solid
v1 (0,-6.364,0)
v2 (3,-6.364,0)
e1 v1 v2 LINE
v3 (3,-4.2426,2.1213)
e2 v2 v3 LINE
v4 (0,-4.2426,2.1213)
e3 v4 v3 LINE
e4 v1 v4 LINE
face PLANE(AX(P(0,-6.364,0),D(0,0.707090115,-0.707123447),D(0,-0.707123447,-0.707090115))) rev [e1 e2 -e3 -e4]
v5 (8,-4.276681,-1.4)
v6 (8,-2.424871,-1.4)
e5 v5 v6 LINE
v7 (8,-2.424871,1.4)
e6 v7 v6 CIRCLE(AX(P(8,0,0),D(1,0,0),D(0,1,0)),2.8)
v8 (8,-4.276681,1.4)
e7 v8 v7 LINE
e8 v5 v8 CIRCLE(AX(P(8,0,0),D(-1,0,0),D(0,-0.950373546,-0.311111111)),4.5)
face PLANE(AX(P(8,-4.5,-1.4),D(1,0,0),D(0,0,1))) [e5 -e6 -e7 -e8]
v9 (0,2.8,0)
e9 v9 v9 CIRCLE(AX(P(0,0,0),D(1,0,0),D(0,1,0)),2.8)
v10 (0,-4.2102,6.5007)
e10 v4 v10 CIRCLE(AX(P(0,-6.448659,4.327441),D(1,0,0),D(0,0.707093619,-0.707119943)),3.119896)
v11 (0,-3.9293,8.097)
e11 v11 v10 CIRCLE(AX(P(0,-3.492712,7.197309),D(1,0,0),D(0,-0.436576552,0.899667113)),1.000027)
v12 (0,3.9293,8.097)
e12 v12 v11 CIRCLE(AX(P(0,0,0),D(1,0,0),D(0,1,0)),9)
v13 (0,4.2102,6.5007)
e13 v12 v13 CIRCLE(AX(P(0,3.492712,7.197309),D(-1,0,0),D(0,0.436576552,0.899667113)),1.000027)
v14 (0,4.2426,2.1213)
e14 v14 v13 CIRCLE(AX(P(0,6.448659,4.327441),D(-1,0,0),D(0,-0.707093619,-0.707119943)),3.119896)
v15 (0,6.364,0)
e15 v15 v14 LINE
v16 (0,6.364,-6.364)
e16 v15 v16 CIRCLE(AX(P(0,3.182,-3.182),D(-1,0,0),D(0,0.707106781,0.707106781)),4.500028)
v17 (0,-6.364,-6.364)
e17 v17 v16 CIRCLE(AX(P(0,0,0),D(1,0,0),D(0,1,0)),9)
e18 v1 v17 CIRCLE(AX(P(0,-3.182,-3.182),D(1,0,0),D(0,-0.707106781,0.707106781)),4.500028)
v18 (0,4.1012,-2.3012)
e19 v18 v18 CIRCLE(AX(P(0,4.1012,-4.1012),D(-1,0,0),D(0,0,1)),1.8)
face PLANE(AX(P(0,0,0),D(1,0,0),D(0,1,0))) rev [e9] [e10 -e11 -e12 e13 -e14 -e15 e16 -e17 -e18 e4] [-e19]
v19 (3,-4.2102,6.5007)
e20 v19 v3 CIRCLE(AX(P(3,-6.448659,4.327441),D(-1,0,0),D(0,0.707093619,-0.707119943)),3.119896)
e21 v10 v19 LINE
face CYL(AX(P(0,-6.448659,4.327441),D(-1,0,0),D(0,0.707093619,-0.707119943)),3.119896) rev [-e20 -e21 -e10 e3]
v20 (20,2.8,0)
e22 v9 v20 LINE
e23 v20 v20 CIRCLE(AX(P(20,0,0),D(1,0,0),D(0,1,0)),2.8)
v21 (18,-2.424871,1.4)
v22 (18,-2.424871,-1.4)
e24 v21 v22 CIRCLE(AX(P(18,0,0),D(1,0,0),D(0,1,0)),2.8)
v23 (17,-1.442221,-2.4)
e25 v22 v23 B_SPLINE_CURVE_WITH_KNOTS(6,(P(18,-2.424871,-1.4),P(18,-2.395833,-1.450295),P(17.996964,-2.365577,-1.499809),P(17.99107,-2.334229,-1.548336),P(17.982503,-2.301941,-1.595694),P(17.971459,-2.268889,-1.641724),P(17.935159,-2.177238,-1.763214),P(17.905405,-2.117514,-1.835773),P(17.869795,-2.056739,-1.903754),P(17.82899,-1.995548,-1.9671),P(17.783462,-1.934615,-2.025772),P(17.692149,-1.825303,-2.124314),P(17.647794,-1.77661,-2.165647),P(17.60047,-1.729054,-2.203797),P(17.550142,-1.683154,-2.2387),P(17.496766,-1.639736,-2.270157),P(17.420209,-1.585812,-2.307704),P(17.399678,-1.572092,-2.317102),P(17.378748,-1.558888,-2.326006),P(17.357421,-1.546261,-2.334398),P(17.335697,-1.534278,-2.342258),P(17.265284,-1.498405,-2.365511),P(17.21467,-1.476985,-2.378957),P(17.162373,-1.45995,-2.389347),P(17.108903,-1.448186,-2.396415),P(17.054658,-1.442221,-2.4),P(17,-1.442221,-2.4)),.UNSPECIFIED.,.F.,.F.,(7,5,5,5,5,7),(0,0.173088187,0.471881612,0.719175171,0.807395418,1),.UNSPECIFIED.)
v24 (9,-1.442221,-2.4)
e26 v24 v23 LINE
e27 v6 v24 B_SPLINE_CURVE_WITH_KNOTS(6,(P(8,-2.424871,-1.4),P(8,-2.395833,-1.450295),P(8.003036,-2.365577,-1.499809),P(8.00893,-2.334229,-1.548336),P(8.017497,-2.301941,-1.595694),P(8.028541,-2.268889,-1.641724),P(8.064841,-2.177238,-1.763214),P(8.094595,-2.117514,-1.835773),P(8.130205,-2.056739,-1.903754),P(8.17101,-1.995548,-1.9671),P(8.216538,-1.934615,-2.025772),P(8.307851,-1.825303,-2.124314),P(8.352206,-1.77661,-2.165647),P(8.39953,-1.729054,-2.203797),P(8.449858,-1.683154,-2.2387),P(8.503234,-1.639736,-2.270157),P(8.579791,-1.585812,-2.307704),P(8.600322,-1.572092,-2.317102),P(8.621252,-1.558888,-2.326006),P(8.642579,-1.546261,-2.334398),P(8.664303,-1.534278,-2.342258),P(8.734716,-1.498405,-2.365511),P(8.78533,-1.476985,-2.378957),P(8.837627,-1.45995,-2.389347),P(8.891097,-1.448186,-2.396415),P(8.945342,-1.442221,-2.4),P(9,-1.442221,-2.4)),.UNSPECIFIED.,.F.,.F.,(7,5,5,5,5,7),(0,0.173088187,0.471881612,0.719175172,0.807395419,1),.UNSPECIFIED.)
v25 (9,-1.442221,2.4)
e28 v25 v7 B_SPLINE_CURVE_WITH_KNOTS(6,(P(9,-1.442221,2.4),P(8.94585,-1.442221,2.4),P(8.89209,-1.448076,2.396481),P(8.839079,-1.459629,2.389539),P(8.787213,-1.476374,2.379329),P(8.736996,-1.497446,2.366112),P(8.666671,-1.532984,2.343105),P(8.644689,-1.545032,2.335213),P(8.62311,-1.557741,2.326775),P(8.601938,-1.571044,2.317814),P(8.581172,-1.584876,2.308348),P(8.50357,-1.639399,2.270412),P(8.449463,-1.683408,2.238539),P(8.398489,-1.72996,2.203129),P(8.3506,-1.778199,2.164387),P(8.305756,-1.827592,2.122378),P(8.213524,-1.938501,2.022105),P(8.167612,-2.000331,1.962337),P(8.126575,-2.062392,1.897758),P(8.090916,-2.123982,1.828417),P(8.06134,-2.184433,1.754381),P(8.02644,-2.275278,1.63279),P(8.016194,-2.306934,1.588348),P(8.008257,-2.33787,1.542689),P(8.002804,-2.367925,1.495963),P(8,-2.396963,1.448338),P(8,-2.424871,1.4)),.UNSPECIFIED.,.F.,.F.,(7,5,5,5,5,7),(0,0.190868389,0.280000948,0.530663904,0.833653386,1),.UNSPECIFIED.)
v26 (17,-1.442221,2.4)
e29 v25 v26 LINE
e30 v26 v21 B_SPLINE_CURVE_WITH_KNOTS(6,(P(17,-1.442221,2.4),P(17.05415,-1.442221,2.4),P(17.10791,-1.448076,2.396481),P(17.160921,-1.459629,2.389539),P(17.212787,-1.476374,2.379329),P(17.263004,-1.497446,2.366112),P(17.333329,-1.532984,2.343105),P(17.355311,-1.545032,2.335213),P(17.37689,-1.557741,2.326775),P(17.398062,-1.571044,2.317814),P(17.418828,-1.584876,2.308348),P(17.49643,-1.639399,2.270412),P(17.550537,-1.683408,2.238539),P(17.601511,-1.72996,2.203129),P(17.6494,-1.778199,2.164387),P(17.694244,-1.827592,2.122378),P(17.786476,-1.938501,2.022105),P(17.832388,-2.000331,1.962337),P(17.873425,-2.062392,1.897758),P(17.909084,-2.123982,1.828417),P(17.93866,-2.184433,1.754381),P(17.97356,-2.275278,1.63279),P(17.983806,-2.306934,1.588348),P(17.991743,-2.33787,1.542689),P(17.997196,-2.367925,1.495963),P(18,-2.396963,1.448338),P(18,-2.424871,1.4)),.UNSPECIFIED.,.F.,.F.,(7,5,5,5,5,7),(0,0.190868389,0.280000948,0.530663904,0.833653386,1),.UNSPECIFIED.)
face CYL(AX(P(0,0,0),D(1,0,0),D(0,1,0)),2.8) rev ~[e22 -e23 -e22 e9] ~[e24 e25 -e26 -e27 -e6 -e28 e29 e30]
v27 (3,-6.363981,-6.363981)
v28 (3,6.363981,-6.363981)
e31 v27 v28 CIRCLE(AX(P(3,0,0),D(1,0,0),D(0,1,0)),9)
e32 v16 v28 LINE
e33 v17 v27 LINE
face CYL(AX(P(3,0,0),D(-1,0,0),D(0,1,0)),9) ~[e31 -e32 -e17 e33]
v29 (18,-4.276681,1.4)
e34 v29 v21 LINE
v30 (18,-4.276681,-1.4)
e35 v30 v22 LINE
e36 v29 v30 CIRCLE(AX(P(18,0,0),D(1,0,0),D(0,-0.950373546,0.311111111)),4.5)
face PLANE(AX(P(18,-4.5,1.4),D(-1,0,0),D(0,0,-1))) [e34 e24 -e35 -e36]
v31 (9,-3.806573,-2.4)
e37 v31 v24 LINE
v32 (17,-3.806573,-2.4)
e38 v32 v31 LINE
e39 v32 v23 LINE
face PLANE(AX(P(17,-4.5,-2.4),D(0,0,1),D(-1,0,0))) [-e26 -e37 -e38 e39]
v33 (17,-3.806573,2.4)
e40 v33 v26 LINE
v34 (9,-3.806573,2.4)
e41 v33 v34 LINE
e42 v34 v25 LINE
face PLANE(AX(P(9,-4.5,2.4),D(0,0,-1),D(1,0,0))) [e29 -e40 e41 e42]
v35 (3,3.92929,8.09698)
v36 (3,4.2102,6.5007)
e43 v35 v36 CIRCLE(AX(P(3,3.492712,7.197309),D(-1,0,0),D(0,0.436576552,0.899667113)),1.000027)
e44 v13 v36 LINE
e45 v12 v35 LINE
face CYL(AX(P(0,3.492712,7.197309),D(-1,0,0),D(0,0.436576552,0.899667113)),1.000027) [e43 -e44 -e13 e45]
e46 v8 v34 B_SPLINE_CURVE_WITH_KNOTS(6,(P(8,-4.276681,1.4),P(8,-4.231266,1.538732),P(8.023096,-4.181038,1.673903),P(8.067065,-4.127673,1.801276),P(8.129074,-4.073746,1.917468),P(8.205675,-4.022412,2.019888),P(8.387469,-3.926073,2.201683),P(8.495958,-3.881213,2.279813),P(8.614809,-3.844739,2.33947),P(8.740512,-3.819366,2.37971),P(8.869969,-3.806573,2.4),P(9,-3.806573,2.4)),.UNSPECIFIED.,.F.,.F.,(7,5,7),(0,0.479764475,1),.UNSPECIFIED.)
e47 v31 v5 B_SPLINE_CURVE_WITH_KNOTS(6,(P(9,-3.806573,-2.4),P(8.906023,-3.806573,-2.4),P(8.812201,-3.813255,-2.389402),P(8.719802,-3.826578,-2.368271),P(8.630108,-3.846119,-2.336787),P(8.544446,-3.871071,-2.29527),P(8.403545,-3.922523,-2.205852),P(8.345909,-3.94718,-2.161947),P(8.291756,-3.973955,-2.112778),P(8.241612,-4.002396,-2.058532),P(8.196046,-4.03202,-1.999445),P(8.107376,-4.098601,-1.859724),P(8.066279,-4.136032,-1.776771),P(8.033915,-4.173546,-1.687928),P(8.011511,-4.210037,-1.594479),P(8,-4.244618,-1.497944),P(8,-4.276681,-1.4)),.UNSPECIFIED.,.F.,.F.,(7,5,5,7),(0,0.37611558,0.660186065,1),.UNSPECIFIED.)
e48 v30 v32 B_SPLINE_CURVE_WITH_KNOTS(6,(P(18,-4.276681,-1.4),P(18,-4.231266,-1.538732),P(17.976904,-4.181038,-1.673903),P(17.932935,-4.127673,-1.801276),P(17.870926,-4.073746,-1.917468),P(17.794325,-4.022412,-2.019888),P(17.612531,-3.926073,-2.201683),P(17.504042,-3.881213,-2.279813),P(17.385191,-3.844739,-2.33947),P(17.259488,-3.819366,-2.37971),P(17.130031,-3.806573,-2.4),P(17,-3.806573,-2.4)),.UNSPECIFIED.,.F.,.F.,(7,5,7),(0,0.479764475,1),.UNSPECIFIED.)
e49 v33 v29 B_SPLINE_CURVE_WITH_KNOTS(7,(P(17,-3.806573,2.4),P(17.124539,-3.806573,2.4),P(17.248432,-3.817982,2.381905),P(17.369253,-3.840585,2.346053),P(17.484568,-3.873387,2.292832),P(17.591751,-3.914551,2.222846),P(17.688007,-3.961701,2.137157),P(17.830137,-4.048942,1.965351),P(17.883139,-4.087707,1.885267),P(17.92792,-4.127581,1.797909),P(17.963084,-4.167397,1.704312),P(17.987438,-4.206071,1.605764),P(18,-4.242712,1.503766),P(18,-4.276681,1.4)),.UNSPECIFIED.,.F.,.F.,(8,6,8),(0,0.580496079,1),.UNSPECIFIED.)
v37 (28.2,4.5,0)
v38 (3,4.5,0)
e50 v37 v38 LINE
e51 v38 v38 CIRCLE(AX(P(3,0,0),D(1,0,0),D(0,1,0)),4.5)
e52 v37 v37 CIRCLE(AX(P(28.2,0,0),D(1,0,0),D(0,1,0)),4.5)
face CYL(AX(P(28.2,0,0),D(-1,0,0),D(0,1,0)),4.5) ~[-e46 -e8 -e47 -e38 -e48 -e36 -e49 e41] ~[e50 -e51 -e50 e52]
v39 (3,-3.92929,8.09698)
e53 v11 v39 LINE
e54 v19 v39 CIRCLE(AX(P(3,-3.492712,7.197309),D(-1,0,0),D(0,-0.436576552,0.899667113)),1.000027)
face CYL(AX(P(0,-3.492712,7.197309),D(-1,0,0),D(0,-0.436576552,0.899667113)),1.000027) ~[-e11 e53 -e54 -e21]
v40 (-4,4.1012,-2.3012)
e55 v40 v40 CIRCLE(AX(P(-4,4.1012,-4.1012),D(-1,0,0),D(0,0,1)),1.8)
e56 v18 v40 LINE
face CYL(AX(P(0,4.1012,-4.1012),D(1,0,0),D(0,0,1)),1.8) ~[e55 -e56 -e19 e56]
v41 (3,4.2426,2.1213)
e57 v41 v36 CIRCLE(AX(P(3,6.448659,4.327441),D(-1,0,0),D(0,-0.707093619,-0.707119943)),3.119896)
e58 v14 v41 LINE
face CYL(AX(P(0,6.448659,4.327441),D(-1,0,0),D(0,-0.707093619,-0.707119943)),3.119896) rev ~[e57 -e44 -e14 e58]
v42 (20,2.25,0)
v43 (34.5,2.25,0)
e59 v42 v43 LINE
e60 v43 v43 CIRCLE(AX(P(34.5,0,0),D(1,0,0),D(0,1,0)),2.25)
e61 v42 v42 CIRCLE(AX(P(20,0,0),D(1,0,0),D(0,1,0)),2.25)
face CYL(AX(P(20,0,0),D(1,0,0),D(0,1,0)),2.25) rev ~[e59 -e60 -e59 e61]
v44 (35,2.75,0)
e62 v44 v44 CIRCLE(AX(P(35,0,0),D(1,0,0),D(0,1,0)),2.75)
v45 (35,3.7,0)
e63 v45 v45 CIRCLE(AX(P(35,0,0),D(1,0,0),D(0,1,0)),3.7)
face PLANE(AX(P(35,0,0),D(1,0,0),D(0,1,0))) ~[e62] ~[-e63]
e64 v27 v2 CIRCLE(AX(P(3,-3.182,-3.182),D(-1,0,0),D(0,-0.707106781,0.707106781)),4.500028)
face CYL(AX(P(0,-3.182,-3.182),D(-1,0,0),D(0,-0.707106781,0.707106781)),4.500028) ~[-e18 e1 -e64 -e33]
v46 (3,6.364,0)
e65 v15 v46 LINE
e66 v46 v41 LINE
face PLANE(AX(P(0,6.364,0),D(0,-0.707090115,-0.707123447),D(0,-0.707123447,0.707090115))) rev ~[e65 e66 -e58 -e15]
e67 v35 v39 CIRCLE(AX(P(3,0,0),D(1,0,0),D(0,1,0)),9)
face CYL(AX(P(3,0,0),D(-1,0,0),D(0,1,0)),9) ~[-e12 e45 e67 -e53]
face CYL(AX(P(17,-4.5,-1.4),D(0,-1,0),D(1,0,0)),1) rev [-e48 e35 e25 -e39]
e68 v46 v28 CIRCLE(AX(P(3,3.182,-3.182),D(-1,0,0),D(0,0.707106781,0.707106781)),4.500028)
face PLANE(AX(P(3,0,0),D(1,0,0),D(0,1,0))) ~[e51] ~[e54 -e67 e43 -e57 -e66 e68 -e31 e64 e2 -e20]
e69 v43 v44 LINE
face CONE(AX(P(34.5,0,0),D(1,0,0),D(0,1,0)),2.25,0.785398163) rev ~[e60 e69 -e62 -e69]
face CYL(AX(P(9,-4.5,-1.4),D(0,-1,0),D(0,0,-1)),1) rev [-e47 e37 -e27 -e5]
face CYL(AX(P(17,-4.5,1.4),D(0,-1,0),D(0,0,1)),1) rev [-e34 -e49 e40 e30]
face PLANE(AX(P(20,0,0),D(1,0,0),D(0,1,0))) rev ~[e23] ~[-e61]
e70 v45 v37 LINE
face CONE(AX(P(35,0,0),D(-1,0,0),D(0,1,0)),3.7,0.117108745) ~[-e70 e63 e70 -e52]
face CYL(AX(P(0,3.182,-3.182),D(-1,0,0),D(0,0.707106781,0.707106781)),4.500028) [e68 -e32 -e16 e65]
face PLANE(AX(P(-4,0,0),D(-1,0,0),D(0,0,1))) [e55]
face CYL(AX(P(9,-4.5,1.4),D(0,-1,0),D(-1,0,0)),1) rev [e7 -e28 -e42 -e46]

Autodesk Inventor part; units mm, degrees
ref_plane "YZ-Ebene" through (0, 0, 0) normal (1, 0, 0) x (0, 1, 0)
ref_plane "XY-Ebene" through (0, 0, 0) normal (0, 0, 1) x (1, 0, 0)
sketch "Skizze1" plane through (0, 0, 0) normal (0, 0, 1) x (1, 0, 0)
  line L0 (-7, 0) -> (42, 0) projected
  line L1 (0, -1.8) -> (0, 10.8) projected
  line L2 (0, 2.8) -> (20, 2.8)
  line L3 (20, 2.8) -> (20, 2.25)
  line L4 (20, 2.25) -> (35, 2.25)
  line L5 (35, 2.25) -> (35, 3.7)
  line L6 (35, 3.7) -> (28.2, 4.5)
  line L7 (28.2, 4.5) -> (3, 4.5)
  line L8 (3, 4.5) -> (3, 9)
  line L9 (3, 9) -> (0, 9)
  line L10 (0, 9) -> (0, 2.8)
  point P0 (0, 0)
  dimension "d0" = 35
  dimension "d1" = 9
  dimension "d2" = 4.5
  dimension "d3" = 2.8
  dimension "d4" = 2.25
  dimension "d5" = 3.7
  dimension "d6" = 3
  dimension "d7" = 6.8
  dimension "d8" = 20
revolve "Umdrehung1" add sketch "Skizze1" angle 360 about axis through (-10, 0, 0) along (1, 0, 0)
chamfer "Fase1" distance 0.5 distance2 0.5 1 edges at (35, -2.25, 0) measured on face at (30, 2.2209, -0.3609)
ref_plane "Arbeitsebene1" through (15.6, -4.5, 0) normal (0, 1, 0) x (-1, 0, 0)
sketch "Skizze2" plane through (15.6, -4.5, 0) normal (0, 1, 0) x (-1, 0, 0)
  line L0 (15.6, 9) -> (15.6, -9) projected
  line L1 (6.6, 2.4) -> (-1.4, 2.4)
  line L2 (-2.4, 1.4) -> (-2.4, -1.4)
  line L3 (-1.4, -2.4) -> (6.6, -2.4)
  line L4 (7.6, -1.4) -> (7.6, 1.4)
  arc A0 (7.6, 1.4) -> (6.6, 2.4) centre (6.6, 1.4) ccw
  arc A1 (-1.4, 2.4) -> (-2.4, 1.4) centre (-1.4, 1.4) ccw
  arc A2 (-2.4, -1.4) -> (-1.4, -2.4) centre (-1.4, -1.4) ccw
  arc A3 (6.6, -2.4) -> (7.6, -1.4) centre (6.6, -1.4) ccw
  line L5 (12.6, 4.5) -> (12.6, -4.5) projected
  line L6 (-12.6, 4.5) -> (-12.6, -4.5) projected
  line L7 (12.6, 4.5) -> (12.6, -4.5) projected
  line L8 (-4.4, -2.8) -> (15.6, -2.8) projected
  point P0 (15.6, 0)
  point P1 (-2.4, -2.4)
  point P2 (-2.4, 2.4)
  point P3 (7.6, -2.4)
  dimension "d13" = 10
  dimension "d14" = 8
  dimension "d15" = 4.8
  dimension "d16" = 1
extrude "Extrusion1" cut sketch "Skizze2" along normal up to next
sketch "Skizze3" plane through (0, 0, 0) normal (-1, 0, 0) x (0, 0, 1)
  circle A0 centre (0, 0) radius 2.8 projected
  circle A1 centre (0, 0) radius 9 projected
  circle A2 centre (-4.1012, 4.1012) radius 1.8
  line L0 (0, -12.6) -> (0, 12.6) projected
  line L1 (0, 0) -> (-4.1012, 4.1012) construction
  dimension "d19" = 3.6
  dimension "d23" = 5.8
  dimension "d24" = 45
extrude "Extrusion2" add sketch "Skizze3" along normal blind 4 contours A2
sketch "Skizze4" plane through (0, 0, 0) normal (-1, 0, 0) x (0, 0, 1)
  circle A0 centre (-4.1012, 4.1012) radius 1.8 projected
  circle A1 centre (0, 0) radius 9 projected
  line L0 (0, 0) -> (-4.1012, 4.1012) construction
  arc A2 (0, 6.364) -> (-6.364, 6.364) centre (-3.182, 3.182) ccw
  line L1 (0, 6.364) -> (2.1213, 4.2426)
  arc A3 (2.1213, 4.2426) -> (6.5007, 4.2102) centre (4.3275, 6.4488) ccw
  arc A4 (8.097, 3.9293) -> (6.5007, 4.2102) centre (7.1973, 3.4927) ccw
  dimension "d28" = 9
  dimension "d32" = 4.5
  dimension "d33" = 3.12
  dimension "d34" = 1
  dimension "d36" = 3
extrude "Extrusion3" cut sketch "Skizze4" against normal through all contours A4 A3 L1 A2 A1 picked at (1.838, 6.3142)
ref_plane "Arbeitsebene2" through (0, 0, 0) normal (0, 0.7071, 0.7071) x (1, 0, 0)
mirror "Spiegeln1" about plane through (0, 0, 0) normal (0, 1, 0) of "Extrusion3"
thread "Gewinde1" size "M5x0.5" class "6H" standard "ANSI Metric M Profile" length 15.103
ref_plane "Arbeitsebene3" through (0, 0, 0) normal (0, 0.7071, -0.7071) x (1, 0, 0)
properties part number "Kurbelwelle_ra8846s" material "Stahl"
